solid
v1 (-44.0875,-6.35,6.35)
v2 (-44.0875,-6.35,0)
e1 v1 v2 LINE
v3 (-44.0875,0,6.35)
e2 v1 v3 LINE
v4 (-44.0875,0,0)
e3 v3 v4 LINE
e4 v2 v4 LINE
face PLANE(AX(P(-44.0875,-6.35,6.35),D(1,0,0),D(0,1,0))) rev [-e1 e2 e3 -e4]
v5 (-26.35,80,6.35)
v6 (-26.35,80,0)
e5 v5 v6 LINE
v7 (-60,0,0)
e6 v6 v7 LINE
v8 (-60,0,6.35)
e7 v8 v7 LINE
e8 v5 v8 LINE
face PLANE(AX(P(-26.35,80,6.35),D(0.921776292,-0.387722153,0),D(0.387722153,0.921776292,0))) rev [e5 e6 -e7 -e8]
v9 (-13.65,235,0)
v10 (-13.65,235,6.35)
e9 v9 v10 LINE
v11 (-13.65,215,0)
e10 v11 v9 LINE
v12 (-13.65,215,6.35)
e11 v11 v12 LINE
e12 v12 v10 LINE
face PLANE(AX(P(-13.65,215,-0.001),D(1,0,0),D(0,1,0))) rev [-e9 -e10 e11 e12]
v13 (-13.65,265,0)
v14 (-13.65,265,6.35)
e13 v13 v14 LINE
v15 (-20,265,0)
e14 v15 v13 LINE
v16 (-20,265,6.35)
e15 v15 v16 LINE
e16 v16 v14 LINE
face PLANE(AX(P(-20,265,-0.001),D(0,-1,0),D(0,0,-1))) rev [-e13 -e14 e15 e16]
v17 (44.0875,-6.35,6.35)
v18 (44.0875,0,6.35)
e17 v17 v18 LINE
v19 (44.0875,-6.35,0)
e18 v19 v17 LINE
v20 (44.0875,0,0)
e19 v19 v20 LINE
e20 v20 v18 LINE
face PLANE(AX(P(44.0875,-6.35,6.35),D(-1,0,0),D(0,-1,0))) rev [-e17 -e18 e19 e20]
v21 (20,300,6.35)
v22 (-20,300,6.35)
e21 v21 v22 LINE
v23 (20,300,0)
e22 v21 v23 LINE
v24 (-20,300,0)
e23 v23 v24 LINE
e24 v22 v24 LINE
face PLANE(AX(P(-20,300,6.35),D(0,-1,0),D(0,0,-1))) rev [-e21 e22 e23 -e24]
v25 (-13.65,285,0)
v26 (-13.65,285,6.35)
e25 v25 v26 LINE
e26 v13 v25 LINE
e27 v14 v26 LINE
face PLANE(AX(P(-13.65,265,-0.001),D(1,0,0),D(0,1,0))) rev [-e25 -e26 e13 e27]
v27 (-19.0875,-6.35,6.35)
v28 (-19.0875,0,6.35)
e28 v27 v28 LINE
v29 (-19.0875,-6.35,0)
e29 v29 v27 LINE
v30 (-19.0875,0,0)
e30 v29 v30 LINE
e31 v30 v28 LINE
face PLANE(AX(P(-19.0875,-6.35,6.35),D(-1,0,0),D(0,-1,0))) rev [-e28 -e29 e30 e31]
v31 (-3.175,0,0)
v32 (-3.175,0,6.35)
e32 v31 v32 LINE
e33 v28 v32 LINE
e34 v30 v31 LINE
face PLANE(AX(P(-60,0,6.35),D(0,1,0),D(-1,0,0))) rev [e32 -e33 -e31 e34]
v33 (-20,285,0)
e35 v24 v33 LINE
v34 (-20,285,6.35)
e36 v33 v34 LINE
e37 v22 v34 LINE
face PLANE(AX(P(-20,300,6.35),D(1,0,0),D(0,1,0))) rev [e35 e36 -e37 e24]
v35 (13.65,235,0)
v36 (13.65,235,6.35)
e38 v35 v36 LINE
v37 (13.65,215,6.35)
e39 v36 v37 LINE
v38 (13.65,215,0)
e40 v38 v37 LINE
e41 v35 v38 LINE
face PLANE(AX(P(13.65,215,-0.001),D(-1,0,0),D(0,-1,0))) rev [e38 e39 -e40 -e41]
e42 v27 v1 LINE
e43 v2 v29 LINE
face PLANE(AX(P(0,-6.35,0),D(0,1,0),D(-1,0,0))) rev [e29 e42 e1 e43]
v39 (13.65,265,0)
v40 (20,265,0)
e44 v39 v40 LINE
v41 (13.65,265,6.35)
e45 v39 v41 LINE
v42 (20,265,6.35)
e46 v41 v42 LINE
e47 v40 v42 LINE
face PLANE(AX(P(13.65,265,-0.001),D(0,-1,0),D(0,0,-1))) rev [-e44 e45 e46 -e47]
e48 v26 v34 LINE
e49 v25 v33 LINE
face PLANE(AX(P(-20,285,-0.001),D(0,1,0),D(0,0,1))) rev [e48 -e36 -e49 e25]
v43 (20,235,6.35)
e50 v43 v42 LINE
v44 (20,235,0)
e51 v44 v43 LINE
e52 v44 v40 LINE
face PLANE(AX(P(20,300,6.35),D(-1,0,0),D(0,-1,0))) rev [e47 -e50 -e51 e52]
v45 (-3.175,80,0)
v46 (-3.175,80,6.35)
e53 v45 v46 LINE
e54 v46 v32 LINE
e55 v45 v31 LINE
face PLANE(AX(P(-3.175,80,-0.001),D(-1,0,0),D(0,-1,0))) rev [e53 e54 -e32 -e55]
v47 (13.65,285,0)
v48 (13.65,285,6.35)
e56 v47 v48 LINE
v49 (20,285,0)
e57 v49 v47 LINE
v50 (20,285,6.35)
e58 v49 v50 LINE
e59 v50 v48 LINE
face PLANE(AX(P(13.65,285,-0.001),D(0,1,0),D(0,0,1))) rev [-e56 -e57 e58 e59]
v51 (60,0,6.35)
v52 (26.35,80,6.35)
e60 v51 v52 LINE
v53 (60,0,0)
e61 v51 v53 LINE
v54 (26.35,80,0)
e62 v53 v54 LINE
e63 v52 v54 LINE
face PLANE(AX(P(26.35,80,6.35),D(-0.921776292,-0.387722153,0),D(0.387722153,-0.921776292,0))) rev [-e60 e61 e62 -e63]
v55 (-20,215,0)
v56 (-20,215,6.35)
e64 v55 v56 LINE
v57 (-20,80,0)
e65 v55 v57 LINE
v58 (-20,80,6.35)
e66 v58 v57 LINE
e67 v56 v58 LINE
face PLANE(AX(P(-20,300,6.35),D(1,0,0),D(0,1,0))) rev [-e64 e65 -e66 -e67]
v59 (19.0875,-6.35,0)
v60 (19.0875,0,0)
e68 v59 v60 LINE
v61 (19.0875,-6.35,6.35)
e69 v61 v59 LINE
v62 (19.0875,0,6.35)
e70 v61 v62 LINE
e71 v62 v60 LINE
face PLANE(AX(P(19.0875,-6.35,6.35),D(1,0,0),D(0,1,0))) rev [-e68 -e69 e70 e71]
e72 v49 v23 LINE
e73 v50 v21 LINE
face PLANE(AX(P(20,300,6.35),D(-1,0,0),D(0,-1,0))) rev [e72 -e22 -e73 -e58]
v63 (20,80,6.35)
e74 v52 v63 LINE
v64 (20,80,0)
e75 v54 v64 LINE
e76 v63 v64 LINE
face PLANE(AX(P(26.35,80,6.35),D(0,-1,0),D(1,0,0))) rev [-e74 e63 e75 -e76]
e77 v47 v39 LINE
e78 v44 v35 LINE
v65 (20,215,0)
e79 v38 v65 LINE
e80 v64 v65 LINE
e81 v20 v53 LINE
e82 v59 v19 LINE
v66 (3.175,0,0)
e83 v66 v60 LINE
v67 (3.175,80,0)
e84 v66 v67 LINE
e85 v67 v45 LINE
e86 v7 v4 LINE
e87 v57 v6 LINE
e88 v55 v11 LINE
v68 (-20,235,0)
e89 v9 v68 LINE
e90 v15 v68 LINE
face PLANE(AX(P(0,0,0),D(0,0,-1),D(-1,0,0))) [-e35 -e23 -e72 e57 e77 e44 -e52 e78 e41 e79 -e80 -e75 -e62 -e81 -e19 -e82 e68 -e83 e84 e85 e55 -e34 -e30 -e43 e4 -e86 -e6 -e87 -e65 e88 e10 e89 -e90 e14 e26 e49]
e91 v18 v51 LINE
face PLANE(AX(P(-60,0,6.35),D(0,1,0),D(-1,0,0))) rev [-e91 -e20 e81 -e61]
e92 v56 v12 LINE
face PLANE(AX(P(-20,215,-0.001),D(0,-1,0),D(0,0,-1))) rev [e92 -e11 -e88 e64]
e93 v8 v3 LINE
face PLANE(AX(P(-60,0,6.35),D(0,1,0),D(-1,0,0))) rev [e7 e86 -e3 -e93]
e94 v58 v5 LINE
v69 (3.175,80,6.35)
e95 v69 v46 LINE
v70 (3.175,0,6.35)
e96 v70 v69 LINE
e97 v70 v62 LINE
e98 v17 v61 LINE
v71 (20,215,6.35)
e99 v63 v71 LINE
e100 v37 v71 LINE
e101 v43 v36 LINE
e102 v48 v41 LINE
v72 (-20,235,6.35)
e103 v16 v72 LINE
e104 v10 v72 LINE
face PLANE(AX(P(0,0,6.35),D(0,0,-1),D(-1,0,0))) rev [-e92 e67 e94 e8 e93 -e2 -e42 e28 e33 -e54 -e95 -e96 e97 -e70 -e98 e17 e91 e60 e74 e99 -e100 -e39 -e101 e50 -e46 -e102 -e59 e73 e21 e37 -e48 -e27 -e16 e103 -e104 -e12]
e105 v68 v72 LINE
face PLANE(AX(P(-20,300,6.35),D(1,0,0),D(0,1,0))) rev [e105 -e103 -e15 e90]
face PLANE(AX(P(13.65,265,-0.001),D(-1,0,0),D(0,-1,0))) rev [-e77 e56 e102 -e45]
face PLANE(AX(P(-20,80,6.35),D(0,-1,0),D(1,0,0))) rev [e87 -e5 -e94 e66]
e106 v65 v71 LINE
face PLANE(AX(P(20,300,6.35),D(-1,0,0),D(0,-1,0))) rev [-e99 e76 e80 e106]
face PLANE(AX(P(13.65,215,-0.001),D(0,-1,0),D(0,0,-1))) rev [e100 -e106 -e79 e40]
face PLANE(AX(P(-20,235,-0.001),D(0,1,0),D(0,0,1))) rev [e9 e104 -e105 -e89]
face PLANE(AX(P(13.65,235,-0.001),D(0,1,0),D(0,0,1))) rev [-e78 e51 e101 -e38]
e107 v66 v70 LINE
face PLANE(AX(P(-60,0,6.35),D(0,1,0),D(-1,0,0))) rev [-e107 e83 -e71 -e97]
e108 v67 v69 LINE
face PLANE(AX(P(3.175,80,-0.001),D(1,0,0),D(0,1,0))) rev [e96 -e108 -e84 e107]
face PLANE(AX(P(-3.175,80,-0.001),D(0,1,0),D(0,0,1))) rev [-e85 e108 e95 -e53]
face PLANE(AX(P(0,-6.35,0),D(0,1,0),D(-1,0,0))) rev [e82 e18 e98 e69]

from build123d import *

# Parameters (mm, degrees)
BOSS_EXTRU_1_DEPTH      = 6.35
ENL_V_MAT_EXTRU_1_REACH = 308.007
ESQUISSE2_W             = 6.35
ESQUISSE2_H             = 80
ENL_V_MAT_EXTRU_2_REACH = 308.007
ESQUISSE4_W             = 6.35
ESQUISSE4_H             = 20
SKETCH2_W               = 25
SKETCH2_H               = 6.35
BOSS_EXTRUDE2_DEPTH     = 6.35


with BuildPart() as part:
    # Esquisse1 → Boss.-Extru.1 (new body)
    with BuildSketch(Plane.XY):
        Polygon((-20, 300), (20, 300), (20, 80), (26.35, 80), (60, 0), (-60, 0), (-26.35, 80), (-20, 80), align=None)
    extrude(amount=BOSS_EXTRU_1_DEPTH)

    # Esquisse2 → Enlèv. mat.-Extru.1 (cut, up to next)
    with BuildSketch(Plane.XY.offset(6.35), mode=Mode.PRIVATE) as enl_v_mat_extru_1_sk1:
        with Locations((0, 40)):
            Rectangle(ESQUISSE2_W, ESQUISSE2_H)
    enl_v_mat_extru_1_tool1 = extrude(enl_v_mat_extru_1_sk1.sketch, amount=-ENL_V_MAT_EXTRU_1_REACH, mode=Mode.PRIVATE) & part.part
    add(enl_v_mat_extru_1_tool1.solids().sort_by_distance((0, 40, 6.35))[0], mode=Mode.SUBTRACT)

    # Esquisse4 → Enlèv. mat.-Extru.2 (cut, up to next)
    with BuildSketch(Plane.XY.offset(6.35), mode=Mode.PRIVATE) as enl_v_mat_extru_2_sk1:
        with Locations((16.825, 225)):
            Rectangle(ESQUISSE4_W, ESQUISSE4_H)
    enl_v_mat_extru_2_tool1 = extrude(enl_v_mat_extru_2_sk1.sketch, amount=-ENL_V_MAT_EXTRU_2_REACH, mode=Mode.PRIVATE) & part.part
    # Esquisse4 → Enlèv. mat.-Extru.2 (cut, up to next)
    with BuildSketch(Plane.XY.offset(6.35), mode=Mode.PRIVATE) as enl_v_mat_extru_2_sk2:
        with Locations((-16.825, 225)):
            Rectangle(ESQUISSE4_W, ESQUISSE4_H)
    enl_v_mat_extru_2_tool2 = extrude(enl_v_mat_extru_2_sk2.sketch, amount=-ENL_V_MAT_EXTRU_2_REACH, mode=Mode.PRIVATE) & part.part
    # Esquisse4 → Enlèv. mat.-Extru.2 (cut, up to next)
    with BuildSketch(Plane.XY.offset(6.35), mode=Mode.PRIVATE) as enl_v_mat_extru_2_sk3:
        with Locations((-16.825, 275)):
            Rectangle(ESQUISSE4_W, ESQUISSE4_H)
    enl_v_mat_extru_2_tool3 = extrude(enl_v_mat_extru_2_sk3.sketch, amount=-ENL_V_MAT_EXTRU_2_REACH, mode=Mode.PRIVATE) & part.part
    # Esquisse4 → Enlèv. mat.-Extru.2 (cut, up to next)
    with BuildSketch(Plane.XY.offset(6.35), mode=Mode.PRIVATE) as enl_v_mat_extru_2_sk4:
        with Locations((16.825, 275)):
            Rectangle(ESQUISSE4_W, ESQUISSE4_H)
    enl_v_mat_extru_2_tool4 = extrude(enl_v_mat_extru_2_sk4.sketch, amount=-ENL_V_MAT_EXTRU_2_REACH, mode=Mode.PRIVATE) & part.part
    add(enl_v_mat_extru_2_tool1.solids().sort_by_distance((16.825, 225, 6.35))[0], mode=Mode.SUBTRACT)
    add(enl_v_mat_extru_2_tool2.solids().sort_by_distance((-16.825, 225, 6.35))[0], mode=Mode.SUBTRACT)
    add(enl_v_mat_extru_2_tool3.solids().sort_by_distance((-16.825, 275, 6.35))[0], mode=Mode.SUBTRACT)
    add(enl_v_mat_extru_2_tool4.solids().sort_by_distance((16.825, 275, 6.35))[0], mode=Mode.SUBTRACT)

    # Sketch2 → Boss-Extrude2 (add)
    with BuildSketch(Plane(origin=(0, 0, 0), x_dir=(-1, 0, 0), z_dir=(0, -1, 0))):
        with Locations((31.5875, -3.175)):
            Rectangle(SKETCH2_W, SKETCH2_H)
        with Locations((-31.5875, -3.175)):
            Rectangle(SKETCH2_W, SKETCH2_H)
    extrude(amount=BOSS_EXTRUDE2_DEPTH)


solid = part.part
